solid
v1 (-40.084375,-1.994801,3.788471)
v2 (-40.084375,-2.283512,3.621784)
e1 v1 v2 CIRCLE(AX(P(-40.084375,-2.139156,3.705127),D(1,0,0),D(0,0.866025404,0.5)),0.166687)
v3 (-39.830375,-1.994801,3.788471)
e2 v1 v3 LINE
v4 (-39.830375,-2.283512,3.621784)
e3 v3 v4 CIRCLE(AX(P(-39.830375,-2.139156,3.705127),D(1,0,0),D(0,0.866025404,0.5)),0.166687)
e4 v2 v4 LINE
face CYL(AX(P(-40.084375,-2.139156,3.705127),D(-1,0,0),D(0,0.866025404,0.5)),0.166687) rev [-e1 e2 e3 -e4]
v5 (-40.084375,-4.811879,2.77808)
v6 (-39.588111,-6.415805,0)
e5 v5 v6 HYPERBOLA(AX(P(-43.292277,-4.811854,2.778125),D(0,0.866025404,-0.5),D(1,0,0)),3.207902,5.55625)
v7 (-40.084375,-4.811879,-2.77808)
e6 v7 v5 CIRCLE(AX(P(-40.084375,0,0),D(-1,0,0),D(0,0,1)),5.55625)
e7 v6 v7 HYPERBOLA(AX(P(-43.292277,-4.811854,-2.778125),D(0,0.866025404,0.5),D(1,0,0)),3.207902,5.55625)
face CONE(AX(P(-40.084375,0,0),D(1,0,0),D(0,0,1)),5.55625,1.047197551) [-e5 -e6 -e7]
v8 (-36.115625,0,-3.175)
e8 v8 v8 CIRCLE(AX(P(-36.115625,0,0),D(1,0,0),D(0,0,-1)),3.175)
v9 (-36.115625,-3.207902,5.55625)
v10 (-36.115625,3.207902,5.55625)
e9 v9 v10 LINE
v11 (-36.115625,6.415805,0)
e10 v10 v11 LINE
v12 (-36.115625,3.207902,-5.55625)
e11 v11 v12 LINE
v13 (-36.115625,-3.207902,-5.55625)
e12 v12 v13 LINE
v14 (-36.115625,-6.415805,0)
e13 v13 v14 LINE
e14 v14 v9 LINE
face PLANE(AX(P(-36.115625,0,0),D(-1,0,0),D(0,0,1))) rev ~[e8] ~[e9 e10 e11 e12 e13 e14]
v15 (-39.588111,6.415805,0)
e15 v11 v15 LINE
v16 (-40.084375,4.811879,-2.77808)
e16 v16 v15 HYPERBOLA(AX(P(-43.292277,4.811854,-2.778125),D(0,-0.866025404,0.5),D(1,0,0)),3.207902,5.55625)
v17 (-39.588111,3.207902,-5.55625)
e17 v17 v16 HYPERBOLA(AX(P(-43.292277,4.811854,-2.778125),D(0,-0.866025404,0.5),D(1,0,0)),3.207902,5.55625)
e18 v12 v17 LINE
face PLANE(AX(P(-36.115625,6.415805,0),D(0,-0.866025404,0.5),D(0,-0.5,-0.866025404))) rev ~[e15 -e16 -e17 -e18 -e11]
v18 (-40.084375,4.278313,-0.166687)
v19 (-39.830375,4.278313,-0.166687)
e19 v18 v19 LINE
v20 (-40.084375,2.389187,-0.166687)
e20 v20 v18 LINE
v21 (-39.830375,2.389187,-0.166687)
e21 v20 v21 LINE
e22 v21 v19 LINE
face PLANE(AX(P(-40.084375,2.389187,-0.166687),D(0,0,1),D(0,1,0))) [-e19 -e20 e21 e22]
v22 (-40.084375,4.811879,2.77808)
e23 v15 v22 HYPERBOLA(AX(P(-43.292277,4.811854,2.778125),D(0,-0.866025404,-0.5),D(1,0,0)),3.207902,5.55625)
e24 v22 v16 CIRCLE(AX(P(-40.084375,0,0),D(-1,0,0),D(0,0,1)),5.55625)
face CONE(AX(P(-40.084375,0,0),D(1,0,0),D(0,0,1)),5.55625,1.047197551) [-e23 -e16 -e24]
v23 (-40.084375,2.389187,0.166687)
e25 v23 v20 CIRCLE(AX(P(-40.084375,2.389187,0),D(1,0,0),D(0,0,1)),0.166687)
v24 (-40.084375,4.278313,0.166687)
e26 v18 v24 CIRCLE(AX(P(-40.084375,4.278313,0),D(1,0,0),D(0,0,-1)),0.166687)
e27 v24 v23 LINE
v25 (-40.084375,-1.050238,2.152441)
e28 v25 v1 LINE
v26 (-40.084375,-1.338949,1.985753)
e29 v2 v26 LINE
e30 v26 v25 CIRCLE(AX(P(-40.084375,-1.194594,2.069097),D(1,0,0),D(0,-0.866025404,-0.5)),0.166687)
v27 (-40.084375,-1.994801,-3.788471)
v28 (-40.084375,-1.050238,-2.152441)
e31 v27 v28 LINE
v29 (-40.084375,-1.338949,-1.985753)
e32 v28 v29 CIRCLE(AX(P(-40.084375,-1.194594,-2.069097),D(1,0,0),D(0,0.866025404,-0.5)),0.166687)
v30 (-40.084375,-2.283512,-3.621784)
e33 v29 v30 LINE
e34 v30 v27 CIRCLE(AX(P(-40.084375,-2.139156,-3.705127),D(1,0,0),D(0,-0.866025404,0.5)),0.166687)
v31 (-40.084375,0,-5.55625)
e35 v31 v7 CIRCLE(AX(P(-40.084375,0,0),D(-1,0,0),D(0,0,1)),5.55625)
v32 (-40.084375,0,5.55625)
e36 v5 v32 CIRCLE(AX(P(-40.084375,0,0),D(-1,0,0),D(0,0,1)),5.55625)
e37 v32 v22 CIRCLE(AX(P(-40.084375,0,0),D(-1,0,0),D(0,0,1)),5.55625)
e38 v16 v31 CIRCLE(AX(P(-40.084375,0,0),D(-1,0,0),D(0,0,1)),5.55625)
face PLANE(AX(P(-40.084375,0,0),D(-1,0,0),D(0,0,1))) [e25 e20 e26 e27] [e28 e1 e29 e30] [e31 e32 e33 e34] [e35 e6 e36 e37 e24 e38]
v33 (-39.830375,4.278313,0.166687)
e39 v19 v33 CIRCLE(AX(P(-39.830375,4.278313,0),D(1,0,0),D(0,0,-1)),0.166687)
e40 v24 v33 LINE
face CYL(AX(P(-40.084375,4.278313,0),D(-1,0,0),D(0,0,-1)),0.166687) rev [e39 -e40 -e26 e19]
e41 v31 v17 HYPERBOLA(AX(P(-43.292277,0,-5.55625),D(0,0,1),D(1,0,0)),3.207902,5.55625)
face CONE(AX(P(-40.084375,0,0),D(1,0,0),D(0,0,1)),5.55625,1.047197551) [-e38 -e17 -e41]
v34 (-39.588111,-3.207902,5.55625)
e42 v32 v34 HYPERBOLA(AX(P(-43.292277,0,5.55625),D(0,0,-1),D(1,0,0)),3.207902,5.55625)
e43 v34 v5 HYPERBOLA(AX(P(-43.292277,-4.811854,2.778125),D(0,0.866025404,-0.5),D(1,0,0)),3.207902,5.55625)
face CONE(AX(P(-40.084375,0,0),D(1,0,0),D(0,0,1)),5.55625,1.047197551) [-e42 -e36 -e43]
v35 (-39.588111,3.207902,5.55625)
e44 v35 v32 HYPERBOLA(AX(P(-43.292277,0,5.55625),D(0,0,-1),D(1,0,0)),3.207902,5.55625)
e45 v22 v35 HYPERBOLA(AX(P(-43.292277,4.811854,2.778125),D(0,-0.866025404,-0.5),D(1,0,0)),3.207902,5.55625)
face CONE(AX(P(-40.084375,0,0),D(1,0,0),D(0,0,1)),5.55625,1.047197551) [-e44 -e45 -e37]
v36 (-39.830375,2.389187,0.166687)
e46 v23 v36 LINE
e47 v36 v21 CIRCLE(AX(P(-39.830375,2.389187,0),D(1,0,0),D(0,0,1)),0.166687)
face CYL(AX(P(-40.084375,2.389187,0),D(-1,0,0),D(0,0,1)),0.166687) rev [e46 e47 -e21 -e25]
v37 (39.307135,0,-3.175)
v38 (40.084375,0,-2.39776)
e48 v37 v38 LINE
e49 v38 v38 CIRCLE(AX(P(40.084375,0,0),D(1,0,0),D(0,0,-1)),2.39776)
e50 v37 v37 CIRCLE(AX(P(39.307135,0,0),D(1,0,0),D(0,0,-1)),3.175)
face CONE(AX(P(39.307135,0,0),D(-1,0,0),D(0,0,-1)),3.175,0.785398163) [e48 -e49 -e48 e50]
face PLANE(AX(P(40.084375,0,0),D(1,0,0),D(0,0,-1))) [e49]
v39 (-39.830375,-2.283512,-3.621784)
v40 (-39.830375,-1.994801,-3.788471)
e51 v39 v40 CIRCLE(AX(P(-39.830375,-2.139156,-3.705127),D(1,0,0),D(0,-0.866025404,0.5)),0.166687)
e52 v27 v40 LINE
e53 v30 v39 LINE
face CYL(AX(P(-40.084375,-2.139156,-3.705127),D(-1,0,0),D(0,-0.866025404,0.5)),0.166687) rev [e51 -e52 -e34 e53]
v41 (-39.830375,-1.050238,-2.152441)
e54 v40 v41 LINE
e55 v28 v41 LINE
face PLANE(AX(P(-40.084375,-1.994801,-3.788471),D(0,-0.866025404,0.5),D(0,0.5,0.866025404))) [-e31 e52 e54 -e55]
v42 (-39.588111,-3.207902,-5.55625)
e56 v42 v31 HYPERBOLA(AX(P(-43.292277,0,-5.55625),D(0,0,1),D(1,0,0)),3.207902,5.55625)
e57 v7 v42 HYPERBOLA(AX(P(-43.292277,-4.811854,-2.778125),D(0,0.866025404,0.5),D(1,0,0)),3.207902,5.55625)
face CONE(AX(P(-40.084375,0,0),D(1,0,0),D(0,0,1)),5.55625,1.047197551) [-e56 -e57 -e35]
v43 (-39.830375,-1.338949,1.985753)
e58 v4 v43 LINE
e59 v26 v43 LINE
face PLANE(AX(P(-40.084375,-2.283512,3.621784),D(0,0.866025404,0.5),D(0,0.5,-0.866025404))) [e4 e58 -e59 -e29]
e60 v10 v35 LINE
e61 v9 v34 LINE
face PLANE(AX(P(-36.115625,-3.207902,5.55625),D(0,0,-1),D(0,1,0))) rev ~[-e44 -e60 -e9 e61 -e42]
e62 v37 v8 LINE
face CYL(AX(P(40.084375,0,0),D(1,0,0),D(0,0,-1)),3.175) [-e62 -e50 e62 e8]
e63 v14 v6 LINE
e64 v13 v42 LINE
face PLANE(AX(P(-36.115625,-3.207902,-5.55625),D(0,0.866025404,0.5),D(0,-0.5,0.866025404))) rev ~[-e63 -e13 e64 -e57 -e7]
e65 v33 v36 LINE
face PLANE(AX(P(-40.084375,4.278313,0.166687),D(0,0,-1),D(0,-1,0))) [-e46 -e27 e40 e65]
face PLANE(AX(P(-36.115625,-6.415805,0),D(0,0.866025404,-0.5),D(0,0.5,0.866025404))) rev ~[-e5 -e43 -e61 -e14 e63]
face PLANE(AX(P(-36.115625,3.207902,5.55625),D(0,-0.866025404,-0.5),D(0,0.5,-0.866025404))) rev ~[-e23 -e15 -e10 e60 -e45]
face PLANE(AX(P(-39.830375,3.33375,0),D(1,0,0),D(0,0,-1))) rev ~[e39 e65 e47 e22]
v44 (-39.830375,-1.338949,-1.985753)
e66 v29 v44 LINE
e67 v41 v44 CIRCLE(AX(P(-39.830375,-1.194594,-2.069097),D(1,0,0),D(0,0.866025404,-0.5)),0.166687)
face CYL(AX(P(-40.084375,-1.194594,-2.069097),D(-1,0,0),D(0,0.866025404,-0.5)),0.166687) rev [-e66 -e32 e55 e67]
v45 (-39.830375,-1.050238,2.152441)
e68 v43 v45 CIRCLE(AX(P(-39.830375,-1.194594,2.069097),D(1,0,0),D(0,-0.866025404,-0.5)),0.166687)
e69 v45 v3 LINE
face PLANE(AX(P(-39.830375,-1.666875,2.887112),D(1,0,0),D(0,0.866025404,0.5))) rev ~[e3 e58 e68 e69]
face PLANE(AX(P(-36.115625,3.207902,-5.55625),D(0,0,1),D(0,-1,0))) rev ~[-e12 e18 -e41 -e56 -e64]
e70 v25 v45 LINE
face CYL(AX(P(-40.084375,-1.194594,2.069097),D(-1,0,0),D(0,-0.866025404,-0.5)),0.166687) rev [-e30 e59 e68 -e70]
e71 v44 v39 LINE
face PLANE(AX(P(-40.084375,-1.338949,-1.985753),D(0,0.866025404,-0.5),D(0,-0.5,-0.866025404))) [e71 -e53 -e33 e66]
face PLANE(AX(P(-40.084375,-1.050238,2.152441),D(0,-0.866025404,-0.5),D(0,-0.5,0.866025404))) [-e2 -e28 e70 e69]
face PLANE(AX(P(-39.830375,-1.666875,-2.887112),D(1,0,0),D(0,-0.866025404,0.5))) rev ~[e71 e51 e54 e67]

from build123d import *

# Parameters (mm, degrees)
SKETCH5_R           = 3.175
BOSS_EXTRUDE3_DEPTH = 76.2
CHAMFER1_SIZE       = 0.77724
BOSS_EXTRUDE4_DEPTH = 3.96875
SKETCH8_OUTSIDE_W   = 312.23
SKETCH8_OUTSIDE_H   = 313.95
SKETCH8_OUTSIDE_R   = 5.55625
CUT_EXTRUDE3_DEPTH  = 81.616765891
CUT_EXTRUDE3_DRAFT  = -60
CUT_EXTRUDE4_DEPTH  = 0.254
CIRPATTERN1_COUNT   = 3


with BuildPart() as part:
    # Sketch5 → Boss-Extrude3 (new body)
    with BuildSketch(Plane(origin=(40.084375, 0, 0), x_dir=(0, 0, -1), z_dir=(1, 0, 0))):
        Circle(SKETCH5_R)
    extrude(amount=-BOSS_EXTRUDE3_DEPTH)

    # Chamfer1
    chamfer1_edges = [part.edges().sort_by_distance(p)[0] for p in [
        (40.084375, 0, 3.175),
    ]]
    chamfer(chamfer1_edges, length=CHAMFER1_SIZE)

    # Sketch6 → Boss-Extrude4 (add)
    with BuildSketch(Plane.ZY.offset(36.115625)):
        Polygon((5.55625, 3.207902433), (0, 6.415804866), (-5.55625, 3.207902433), (-5.55625, -3.207902433), (0, -6.415804866), (5.55625, -3.207902433), align=None)
    extrude(amount=BOSS_EXTRUDE4_DEPTH)


with BuildPart() as cut_extrude3_tool:
    # Sketch8 outside → Cut-Extrude3 (with draft: the straight prism first)
    with BuildSketch(Plane.ZY.offset(40.084375)):
        Rectangle(SKETCH8_OUTSIDE_W, SKETCH8_OUTSIDE_H)
        Circle(SKETCH8_OUTSIDE_R, mode=Mode.SUBTRACT)
    extrude(amount=-CUT_EXTRUDE3_DEPTH)
    # Cut-Extrude3: the draft: its side faces are tilted about the plane it starts from
    cut_extrude3_sides = [cut_extrude3_tool.faces().sort_by_distance(p)[0] for p in [
        (0.724007945, -156.975, 0),
        (0.724007945, 0, 156.115),
        (0.724007945, 156.975, 0),
        (0.724007945, 0, -156.115),
        (0.724007945, 0, -5.55625),
    ]]
    draft(cut_extrude3_sides, Plane.ZY.offset(40.084375), CUT_EXTRUDE3_DRAFT)


with BuildPart() as part_1:
    add(part.part)

    # Cut-Extrude3: cut by cut_extrude3_tool
    add(cut_extrude3_tool.part, mode=Mode.SUBTRACT)

    # Sketch12 → Cut-Extrude4 (cut)
    with BuildSketch(Plane.ZY.offset(40.084375)):
        with BuildLine():
            Line((0.1666875, 4.2783125), (0.1666875, 2.3891875))
            ThreePointArc((0.1666875, 2.3891875), (0, 2.2225), (-0.1666875, 2.3891875))
            Line((-0.1666875, 2.3891875), (-0.1666875, 4.2783125))
            ThreePointArc((-0.1666875, 4.2783125), (0, 4.445), (0.1666875, 4.2783125))
        make_face()
    cut_extrude4 = extrude(amount=-CUT_EXTRUDE4_DEPTH, mode=Mode.SUBTRACT)

    # CirPattern1: Cut-Extrude4 ×3 about axis
    cirpattern1_axis = Axis((0, 0, 0), (1, 0, 0))
    for i in range(1, CIRPATTERN1_COUNT):
        add(cut_extrude4.rotate(cirpattern1_axis, i * 360 / CIRPATTERN1_COUNT), mode=Mode.SUBTRACT)


solid = part_1.part
